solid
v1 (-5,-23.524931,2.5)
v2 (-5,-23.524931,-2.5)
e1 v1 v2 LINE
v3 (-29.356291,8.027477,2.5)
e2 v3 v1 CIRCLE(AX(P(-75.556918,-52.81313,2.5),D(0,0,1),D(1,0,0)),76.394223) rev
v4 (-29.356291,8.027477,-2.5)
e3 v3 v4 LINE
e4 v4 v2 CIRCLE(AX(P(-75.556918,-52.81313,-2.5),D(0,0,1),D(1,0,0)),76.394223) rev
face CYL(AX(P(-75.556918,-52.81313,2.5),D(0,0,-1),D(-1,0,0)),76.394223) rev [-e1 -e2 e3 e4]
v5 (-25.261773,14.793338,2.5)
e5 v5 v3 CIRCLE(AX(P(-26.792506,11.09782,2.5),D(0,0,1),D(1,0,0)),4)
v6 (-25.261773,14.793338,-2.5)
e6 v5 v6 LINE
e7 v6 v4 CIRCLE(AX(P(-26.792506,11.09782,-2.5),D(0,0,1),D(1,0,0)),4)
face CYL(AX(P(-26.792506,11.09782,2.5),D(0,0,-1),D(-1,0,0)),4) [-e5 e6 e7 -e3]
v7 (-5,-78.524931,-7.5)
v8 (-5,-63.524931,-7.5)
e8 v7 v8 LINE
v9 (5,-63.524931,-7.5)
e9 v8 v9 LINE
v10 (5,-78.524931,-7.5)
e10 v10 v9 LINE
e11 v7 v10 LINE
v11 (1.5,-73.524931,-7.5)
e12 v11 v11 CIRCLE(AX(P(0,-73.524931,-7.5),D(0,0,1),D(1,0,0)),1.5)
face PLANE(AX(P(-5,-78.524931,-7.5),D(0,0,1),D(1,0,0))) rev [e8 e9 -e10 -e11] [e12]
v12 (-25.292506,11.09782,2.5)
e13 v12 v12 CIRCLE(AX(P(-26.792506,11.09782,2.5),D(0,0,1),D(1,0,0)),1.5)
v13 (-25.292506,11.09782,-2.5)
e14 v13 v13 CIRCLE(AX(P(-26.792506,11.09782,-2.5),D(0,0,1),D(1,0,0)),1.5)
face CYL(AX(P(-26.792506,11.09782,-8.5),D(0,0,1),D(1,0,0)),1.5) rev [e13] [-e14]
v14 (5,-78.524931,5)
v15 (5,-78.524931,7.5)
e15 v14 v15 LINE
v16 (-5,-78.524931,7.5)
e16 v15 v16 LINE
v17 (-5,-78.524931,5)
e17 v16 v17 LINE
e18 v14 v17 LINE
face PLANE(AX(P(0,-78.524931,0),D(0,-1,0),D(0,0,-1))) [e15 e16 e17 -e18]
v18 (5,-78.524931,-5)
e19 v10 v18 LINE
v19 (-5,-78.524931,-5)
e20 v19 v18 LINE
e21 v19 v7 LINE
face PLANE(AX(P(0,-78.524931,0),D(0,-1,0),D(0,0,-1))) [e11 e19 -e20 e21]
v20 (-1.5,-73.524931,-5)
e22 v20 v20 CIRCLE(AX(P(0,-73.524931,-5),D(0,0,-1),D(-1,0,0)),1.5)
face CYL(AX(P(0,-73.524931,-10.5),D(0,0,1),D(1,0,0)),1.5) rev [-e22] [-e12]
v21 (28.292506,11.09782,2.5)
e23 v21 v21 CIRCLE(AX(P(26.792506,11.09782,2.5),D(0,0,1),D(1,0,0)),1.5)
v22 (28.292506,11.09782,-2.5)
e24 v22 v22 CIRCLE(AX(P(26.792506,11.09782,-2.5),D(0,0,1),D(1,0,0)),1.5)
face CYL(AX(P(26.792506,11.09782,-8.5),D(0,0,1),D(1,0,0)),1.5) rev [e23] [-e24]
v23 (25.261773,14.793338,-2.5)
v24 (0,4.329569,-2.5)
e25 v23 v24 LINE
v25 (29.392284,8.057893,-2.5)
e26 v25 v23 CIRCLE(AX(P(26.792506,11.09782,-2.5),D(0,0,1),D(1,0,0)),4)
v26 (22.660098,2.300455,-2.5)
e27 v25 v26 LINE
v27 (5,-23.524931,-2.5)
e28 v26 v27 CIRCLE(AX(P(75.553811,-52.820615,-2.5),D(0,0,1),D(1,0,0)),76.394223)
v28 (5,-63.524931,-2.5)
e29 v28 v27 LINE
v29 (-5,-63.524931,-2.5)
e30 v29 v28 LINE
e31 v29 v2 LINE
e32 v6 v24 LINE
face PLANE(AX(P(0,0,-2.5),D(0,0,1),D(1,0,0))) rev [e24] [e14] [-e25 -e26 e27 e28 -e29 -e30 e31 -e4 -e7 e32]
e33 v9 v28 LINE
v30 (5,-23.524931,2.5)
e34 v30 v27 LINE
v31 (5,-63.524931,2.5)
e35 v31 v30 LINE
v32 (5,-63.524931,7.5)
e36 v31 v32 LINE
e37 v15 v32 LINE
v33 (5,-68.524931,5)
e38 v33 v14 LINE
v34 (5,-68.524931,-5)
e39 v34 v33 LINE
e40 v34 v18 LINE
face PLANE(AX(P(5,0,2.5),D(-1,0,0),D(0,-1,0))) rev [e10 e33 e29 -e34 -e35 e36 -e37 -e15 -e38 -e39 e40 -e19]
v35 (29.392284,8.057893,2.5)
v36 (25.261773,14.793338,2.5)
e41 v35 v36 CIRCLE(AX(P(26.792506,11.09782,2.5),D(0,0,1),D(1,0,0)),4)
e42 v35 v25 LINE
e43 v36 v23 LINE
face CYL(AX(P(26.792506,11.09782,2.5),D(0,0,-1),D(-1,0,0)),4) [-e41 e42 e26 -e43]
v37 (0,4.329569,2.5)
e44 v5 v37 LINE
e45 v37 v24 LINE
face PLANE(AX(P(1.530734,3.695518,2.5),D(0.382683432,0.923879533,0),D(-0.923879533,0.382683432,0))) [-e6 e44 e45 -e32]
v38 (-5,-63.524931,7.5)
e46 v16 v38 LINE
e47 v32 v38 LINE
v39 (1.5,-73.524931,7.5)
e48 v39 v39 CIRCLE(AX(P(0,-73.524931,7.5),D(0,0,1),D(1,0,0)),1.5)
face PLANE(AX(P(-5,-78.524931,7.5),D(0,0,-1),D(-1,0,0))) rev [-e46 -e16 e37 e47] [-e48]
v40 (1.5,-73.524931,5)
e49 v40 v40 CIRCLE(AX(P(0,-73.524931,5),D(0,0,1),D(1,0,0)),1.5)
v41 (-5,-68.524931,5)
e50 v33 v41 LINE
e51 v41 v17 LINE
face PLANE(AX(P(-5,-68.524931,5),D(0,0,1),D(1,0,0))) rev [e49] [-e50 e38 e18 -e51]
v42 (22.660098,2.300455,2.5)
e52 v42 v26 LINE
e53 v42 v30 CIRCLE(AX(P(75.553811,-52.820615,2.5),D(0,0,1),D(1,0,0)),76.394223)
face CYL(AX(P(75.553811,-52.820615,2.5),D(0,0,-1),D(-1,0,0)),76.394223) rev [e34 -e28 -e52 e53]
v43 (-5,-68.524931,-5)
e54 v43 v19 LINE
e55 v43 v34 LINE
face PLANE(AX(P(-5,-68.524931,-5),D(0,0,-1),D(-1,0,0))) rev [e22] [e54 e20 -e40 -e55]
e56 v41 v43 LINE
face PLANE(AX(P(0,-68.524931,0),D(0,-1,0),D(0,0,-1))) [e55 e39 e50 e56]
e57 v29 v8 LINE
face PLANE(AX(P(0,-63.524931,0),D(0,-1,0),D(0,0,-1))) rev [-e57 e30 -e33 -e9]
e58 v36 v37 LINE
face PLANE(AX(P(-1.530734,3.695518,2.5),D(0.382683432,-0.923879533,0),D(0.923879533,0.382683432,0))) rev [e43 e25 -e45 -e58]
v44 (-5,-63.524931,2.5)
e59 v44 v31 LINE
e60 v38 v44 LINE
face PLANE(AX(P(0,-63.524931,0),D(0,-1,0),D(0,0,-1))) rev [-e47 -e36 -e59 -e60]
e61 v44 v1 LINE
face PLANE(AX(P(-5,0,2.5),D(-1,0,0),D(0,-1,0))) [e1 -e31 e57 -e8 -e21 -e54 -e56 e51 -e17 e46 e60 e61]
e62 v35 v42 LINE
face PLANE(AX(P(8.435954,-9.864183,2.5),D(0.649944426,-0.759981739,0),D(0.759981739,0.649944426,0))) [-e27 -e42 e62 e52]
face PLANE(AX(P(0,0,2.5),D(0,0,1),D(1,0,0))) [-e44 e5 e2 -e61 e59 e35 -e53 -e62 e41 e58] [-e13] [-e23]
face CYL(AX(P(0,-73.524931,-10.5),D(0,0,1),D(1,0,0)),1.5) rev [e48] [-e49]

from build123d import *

# Parameters (mm, degrees)
Y_KSEKLIK_EKSTR_ZYON1_DEPTH = 2.5
IZIM2_R                     = 1.5
KES_EKSTR_ZYON1_DEPTH       = 11
IZIM3_W                     = 10
IZIM3_H                     = 15
Y_KSEKLIK_EKSTR_ZYON2_DEPTH = 15
IZIM4_W                     = 10
IZIM4_H                     = 10
KES_EKSTR_ZYON2_DEPTH       = 10
IZIM5_R                     = 1.5
KES_EKSTR_ZYON3_DEPTH       = 18


with BuildPart() as part:
    # Çizim1 → Yükseklik-Ekstrüzyon1 (new, symmetric)
    with BuildSketch(Plane.XY):
        with BuildLine():
            Line((22.660097643, 2.30045544), (29.392284146, 8.057892583))
            ThreePointArc((29.392284146, 8.057892583), (30.202384575, 13.188927169), (25.261772713, 14.793337669))
            Line((25.261772713, 14.793337669), (0, 4.329568801))
            Line((0, 4.329568801), (-25.261772713, 14.793337669))
            ThreePointArc((-25.261772713, 14.793337669), (-30.21464291, 13.168805295), (-29.356291498, 8.02747653))
            ThreePointArc((-29.356291498, 8.02747653), (-15.084034375, -6.132217103), (-5, -23.524931034))
            Line((-5, -23.524931034), (-5, -63.524931034))
            Line((-5, -63.524931034), (5, -63.524931034))
            Line((5, -63.524931034), (5, -23.524931034))
            ThreePointArc((5, -23.524931034), (12.493835858, -9.698499239), (22.660097643, 2.30045544))
        make_face()
    extrude(amount=Y_KSEKLIK_EKSTR_ZYON1_DEPTH, both=True)

    # Çizim2 → Kes-Ekstrüzyon1 (cut, symmetric)
    with BuildSketch(Plane.XY.offset(2.5)):
        with Locations((-26.792506443, 11.097819539)):
            Circle(IZIM2_R)
        with Locations((26.792506443, 11.097819539)):
            Circle(IZIM2_R)
    extrude(amount=KES_EKSTR_ZYON1_DEPTH, both=True, mode=Mode.SUBTRACT)

    # Çizim3 → Yükseklik-Ekstrüzyon2 (add)
    with BuildSketch(Plane.XZ.offset(63.524931034)):
        Rectangle(IZIM3_W, IZIM3_H)
    extrude(amount=Y_KSEKLIK_EKSTR_ZYON2_DEPTH)

    # Çizim4 → Kes-Ekstrüzyon2 (cut)
    with BuildSketch(Plane.XZ.offset(78.524931034)):
        Rectangle(IZIM4_W, IZIM4_H)
    extrude(amount=-KES_EKSTR_ZYON2_DEPTH, mode=Mode.SUBTRACT)

    # Çizim5 → Kes-Ekstrüzyon3 (cut)
    with BuildSketch(Plane.XY.offset(7.5)):
        with Locations((0, -73.524931034)):
            Circle(IZIM5_R)
    extrude(amount=-KES_EKSTR_ZYON3_DEPTH, mode=Mode.SUBTRACT)


solid = part.part
